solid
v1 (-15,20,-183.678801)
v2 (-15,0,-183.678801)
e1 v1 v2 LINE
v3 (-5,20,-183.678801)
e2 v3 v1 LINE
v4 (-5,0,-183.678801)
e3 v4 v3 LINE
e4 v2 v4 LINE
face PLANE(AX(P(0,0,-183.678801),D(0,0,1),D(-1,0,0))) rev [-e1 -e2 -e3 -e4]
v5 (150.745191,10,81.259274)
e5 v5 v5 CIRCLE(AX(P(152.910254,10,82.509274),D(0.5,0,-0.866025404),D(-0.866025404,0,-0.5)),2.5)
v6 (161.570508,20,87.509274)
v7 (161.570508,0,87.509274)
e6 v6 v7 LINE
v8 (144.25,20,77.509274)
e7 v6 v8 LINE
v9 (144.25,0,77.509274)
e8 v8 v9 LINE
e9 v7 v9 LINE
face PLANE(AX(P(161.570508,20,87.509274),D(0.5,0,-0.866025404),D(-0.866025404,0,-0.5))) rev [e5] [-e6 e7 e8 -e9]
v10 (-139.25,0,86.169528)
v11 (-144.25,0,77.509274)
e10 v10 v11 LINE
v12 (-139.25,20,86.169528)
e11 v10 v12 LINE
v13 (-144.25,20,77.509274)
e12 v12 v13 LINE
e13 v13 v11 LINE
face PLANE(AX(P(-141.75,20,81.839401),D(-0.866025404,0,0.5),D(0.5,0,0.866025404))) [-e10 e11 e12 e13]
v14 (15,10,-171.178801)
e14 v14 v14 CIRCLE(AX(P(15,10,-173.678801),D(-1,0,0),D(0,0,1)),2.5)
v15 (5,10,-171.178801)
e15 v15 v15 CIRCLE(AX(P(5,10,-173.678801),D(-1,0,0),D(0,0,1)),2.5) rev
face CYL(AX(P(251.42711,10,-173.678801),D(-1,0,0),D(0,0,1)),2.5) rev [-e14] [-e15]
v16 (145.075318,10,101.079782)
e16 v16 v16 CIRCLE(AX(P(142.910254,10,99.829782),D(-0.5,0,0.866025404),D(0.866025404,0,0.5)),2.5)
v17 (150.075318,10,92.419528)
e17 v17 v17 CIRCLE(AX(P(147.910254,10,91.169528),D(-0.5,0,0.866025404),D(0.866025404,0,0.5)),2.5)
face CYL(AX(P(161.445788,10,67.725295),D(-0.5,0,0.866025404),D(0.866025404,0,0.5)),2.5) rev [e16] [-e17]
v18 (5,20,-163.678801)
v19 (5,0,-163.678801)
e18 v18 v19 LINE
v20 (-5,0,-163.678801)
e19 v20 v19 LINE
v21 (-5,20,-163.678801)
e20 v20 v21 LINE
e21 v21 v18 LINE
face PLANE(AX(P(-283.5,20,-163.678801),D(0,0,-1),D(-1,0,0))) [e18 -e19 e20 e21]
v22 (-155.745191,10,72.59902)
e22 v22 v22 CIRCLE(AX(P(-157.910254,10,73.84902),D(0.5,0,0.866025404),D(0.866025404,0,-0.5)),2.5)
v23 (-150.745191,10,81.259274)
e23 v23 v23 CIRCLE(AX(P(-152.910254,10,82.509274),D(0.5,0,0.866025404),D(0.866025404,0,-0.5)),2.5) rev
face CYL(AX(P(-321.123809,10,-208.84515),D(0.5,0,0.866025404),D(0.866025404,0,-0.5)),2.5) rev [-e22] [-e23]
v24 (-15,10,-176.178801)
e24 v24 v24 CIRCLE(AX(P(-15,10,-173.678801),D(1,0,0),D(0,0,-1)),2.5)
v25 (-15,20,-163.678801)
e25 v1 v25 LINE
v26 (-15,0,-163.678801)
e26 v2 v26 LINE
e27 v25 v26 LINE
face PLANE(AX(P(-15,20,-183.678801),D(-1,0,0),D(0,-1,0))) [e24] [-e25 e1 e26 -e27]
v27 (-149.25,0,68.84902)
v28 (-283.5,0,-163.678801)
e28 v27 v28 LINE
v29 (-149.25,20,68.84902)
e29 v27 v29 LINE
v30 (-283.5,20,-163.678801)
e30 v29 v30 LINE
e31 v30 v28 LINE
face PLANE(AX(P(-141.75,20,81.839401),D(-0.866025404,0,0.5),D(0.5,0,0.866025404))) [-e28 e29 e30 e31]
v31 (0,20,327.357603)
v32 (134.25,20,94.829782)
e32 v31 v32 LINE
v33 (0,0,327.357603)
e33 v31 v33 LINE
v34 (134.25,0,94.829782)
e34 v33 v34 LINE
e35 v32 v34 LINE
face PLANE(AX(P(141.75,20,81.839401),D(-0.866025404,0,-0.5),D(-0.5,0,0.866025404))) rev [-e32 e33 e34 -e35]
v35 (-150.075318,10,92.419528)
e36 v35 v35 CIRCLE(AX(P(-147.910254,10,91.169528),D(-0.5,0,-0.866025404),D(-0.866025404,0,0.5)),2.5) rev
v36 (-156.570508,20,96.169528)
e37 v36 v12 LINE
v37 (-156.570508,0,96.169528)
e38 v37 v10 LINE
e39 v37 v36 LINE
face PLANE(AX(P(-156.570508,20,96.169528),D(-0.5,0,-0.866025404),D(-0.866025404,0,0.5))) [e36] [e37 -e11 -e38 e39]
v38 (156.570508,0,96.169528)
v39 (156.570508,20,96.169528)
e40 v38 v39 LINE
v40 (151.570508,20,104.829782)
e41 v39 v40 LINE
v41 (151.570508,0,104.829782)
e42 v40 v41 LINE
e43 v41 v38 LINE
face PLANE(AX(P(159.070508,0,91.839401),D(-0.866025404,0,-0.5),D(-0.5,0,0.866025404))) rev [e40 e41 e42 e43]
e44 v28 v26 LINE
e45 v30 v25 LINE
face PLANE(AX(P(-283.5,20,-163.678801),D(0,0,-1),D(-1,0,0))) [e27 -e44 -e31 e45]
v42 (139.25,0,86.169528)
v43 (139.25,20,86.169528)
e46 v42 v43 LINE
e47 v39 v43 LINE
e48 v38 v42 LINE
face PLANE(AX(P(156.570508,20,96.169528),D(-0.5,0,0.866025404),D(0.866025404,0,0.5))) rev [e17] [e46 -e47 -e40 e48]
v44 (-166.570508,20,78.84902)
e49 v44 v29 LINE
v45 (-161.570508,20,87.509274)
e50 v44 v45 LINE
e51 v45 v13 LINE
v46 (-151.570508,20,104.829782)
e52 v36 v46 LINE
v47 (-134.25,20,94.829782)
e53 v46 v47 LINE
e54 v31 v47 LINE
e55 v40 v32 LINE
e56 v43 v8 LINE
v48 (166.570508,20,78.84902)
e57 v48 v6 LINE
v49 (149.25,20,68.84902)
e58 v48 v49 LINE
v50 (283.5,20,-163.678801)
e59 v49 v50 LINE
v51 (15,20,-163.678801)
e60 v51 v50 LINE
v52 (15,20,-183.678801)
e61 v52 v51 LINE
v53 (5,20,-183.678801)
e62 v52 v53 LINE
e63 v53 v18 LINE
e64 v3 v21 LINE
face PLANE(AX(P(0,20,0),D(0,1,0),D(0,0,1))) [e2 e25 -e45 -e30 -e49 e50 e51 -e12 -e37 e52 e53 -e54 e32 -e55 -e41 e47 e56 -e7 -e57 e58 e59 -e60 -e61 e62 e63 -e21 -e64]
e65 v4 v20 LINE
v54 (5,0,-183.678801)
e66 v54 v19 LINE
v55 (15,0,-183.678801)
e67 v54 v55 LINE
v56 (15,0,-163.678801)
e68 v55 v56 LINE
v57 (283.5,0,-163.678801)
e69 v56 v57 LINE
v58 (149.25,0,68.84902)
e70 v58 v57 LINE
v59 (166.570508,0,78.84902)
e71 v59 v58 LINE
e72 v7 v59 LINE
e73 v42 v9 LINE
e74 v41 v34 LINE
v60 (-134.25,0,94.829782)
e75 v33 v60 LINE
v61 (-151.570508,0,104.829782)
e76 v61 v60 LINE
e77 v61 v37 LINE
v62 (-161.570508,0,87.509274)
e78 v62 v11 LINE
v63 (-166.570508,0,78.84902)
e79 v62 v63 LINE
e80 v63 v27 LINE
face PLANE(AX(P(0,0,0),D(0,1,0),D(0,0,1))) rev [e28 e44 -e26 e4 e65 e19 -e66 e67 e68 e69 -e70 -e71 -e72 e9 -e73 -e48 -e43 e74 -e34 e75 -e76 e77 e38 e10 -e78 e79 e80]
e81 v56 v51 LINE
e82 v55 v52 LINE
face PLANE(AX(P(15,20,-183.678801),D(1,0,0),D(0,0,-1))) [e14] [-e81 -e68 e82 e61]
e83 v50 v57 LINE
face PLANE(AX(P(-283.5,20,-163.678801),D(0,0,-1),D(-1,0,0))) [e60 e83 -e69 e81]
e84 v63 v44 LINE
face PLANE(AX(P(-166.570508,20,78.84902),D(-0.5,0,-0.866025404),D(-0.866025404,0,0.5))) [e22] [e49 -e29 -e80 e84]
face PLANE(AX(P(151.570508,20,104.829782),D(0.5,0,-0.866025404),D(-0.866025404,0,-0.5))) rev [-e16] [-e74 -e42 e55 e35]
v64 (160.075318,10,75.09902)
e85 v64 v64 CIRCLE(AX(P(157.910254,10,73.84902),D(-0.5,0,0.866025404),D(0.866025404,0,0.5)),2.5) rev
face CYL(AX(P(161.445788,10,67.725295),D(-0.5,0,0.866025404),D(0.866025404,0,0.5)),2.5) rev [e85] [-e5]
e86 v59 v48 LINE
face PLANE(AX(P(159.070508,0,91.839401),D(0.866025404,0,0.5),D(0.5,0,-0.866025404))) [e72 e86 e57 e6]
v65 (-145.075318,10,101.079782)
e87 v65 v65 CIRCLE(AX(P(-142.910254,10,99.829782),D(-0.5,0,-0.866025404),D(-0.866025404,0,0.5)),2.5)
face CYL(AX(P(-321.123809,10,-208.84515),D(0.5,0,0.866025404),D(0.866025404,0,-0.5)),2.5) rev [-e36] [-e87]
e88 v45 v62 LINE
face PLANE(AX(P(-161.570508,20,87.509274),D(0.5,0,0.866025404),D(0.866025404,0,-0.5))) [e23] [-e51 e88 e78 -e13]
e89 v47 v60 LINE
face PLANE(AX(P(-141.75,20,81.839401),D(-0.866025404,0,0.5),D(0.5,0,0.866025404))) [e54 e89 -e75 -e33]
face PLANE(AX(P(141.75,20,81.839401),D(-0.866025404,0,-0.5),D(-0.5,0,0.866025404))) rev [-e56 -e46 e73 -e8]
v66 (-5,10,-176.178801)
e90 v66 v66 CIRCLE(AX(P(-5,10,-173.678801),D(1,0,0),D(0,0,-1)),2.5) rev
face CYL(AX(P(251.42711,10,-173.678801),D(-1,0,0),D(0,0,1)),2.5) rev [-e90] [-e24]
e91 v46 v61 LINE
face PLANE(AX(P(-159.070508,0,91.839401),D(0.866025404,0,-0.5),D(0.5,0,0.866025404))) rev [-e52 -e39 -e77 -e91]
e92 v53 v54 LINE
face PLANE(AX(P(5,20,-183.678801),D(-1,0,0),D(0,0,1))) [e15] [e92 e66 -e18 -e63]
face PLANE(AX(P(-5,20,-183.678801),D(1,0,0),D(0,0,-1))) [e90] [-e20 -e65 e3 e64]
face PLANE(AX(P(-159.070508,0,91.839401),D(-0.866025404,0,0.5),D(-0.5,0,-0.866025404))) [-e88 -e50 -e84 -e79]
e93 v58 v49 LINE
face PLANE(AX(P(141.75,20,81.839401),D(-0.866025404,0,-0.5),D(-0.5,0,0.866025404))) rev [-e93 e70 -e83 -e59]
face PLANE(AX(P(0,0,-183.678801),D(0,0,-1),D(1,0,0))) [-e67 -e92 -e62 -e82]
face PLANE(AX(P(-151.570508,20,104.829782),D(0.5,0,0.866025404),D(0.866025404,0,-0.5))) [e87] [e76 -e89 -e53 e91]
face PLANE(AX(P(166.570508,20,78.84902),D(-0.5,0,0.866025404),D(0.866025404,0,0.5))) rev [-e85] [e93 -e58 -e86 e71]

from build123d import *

# Parameters (mm, degrees)
BOSS_EXTRUDE1_DEPTH = 20
SKETCH3_W           = 10
SKETCH3_H           = 20
BOSS_EXTRUDE2_DEPTH = 20
SKETCH4_R           = 2.5
CUT_EXTRUDE1_DEPTH  = 30


with BuildPart() as part:
    # Sketch2 → Boss-Extrude1 (new body)
    with BuildSketch(Plane(origin=(0, 0, 0), x_dir=(1, 0, 0), z_dir=(0, 1, 0))):
        Polygon((-283.5, 163.678801315), (283.5, 163.678801315), (0, -327.357602631), align=None)
    extrude(amount=BOSS_EXTRUDE1_DEPTH)

    # Sketch3 → Boss-Extrude2 (add)
    with BuildSketch(Plane(origin=(141.75, 0, 81.839400658), x_dir=(0.5, 0, -0.866025404), z_dir=(0.866025404, 0, 0.5))):
        with Locations((-10, 10)):
            Rectangle(SKETCH3_W, SKETCH3_H)
        with Locations((10, 10)):
            Rectangle(SKETCH3_W, SKETCH3_H)
    boss_extrude2 = extrude(amount=BOSS_EXTRUDE2_DEPTH)

    # Sketch4 → Cut-Extrude1 (cut)
    with BuildSketch(Plane(origin=(-7.5, 0, 12.990381057), x_dir=(0.866025404, 0, 0.5), z_dir=(-0.5, 0, 0.866025404))):
        with Locations((173.678801315, 10)):
            Circle(SKETCH4_R)
    cut_extrude1 = extrude(amount=-CUT_EXTRUDE1_DEPTH, mode=Mode.SUBTRACT)

    # Mirror1: Boss-Extrude2, Cut-Extrude1 across plane
    add(boss_extrude2.mirror(Plane(origin=(0, 0, 0), x_dir=(-0.866025404, 0, 0.5), z_dir=(0.5, 0, 0.866025404))))
    add(cut_extrude1.mirror(Plane(origin=(0, 0, 0), x_dir=(-0.866025404, 0, 0.5), z_dir=(0.5, 0, 0.866025404))), mode=Mode.SUBTRACT)

    # Mirror1 at the second plane: Boss-Extrude2, Cut-Extrude1 across plane
    add(boss_extrude2.mirror(Plane(origin=(0, 0, 0), x_dir=(0, 0, 1), z_dir=(1, 0, 0))))
    add(cut_extrude1.mirror(Plane(origin=(0, 0, 0), x_dir=(0, 0, 1), z_dir=(1, 0, 0))), mode=Mode.SUBTRACT)


solid = part.part
